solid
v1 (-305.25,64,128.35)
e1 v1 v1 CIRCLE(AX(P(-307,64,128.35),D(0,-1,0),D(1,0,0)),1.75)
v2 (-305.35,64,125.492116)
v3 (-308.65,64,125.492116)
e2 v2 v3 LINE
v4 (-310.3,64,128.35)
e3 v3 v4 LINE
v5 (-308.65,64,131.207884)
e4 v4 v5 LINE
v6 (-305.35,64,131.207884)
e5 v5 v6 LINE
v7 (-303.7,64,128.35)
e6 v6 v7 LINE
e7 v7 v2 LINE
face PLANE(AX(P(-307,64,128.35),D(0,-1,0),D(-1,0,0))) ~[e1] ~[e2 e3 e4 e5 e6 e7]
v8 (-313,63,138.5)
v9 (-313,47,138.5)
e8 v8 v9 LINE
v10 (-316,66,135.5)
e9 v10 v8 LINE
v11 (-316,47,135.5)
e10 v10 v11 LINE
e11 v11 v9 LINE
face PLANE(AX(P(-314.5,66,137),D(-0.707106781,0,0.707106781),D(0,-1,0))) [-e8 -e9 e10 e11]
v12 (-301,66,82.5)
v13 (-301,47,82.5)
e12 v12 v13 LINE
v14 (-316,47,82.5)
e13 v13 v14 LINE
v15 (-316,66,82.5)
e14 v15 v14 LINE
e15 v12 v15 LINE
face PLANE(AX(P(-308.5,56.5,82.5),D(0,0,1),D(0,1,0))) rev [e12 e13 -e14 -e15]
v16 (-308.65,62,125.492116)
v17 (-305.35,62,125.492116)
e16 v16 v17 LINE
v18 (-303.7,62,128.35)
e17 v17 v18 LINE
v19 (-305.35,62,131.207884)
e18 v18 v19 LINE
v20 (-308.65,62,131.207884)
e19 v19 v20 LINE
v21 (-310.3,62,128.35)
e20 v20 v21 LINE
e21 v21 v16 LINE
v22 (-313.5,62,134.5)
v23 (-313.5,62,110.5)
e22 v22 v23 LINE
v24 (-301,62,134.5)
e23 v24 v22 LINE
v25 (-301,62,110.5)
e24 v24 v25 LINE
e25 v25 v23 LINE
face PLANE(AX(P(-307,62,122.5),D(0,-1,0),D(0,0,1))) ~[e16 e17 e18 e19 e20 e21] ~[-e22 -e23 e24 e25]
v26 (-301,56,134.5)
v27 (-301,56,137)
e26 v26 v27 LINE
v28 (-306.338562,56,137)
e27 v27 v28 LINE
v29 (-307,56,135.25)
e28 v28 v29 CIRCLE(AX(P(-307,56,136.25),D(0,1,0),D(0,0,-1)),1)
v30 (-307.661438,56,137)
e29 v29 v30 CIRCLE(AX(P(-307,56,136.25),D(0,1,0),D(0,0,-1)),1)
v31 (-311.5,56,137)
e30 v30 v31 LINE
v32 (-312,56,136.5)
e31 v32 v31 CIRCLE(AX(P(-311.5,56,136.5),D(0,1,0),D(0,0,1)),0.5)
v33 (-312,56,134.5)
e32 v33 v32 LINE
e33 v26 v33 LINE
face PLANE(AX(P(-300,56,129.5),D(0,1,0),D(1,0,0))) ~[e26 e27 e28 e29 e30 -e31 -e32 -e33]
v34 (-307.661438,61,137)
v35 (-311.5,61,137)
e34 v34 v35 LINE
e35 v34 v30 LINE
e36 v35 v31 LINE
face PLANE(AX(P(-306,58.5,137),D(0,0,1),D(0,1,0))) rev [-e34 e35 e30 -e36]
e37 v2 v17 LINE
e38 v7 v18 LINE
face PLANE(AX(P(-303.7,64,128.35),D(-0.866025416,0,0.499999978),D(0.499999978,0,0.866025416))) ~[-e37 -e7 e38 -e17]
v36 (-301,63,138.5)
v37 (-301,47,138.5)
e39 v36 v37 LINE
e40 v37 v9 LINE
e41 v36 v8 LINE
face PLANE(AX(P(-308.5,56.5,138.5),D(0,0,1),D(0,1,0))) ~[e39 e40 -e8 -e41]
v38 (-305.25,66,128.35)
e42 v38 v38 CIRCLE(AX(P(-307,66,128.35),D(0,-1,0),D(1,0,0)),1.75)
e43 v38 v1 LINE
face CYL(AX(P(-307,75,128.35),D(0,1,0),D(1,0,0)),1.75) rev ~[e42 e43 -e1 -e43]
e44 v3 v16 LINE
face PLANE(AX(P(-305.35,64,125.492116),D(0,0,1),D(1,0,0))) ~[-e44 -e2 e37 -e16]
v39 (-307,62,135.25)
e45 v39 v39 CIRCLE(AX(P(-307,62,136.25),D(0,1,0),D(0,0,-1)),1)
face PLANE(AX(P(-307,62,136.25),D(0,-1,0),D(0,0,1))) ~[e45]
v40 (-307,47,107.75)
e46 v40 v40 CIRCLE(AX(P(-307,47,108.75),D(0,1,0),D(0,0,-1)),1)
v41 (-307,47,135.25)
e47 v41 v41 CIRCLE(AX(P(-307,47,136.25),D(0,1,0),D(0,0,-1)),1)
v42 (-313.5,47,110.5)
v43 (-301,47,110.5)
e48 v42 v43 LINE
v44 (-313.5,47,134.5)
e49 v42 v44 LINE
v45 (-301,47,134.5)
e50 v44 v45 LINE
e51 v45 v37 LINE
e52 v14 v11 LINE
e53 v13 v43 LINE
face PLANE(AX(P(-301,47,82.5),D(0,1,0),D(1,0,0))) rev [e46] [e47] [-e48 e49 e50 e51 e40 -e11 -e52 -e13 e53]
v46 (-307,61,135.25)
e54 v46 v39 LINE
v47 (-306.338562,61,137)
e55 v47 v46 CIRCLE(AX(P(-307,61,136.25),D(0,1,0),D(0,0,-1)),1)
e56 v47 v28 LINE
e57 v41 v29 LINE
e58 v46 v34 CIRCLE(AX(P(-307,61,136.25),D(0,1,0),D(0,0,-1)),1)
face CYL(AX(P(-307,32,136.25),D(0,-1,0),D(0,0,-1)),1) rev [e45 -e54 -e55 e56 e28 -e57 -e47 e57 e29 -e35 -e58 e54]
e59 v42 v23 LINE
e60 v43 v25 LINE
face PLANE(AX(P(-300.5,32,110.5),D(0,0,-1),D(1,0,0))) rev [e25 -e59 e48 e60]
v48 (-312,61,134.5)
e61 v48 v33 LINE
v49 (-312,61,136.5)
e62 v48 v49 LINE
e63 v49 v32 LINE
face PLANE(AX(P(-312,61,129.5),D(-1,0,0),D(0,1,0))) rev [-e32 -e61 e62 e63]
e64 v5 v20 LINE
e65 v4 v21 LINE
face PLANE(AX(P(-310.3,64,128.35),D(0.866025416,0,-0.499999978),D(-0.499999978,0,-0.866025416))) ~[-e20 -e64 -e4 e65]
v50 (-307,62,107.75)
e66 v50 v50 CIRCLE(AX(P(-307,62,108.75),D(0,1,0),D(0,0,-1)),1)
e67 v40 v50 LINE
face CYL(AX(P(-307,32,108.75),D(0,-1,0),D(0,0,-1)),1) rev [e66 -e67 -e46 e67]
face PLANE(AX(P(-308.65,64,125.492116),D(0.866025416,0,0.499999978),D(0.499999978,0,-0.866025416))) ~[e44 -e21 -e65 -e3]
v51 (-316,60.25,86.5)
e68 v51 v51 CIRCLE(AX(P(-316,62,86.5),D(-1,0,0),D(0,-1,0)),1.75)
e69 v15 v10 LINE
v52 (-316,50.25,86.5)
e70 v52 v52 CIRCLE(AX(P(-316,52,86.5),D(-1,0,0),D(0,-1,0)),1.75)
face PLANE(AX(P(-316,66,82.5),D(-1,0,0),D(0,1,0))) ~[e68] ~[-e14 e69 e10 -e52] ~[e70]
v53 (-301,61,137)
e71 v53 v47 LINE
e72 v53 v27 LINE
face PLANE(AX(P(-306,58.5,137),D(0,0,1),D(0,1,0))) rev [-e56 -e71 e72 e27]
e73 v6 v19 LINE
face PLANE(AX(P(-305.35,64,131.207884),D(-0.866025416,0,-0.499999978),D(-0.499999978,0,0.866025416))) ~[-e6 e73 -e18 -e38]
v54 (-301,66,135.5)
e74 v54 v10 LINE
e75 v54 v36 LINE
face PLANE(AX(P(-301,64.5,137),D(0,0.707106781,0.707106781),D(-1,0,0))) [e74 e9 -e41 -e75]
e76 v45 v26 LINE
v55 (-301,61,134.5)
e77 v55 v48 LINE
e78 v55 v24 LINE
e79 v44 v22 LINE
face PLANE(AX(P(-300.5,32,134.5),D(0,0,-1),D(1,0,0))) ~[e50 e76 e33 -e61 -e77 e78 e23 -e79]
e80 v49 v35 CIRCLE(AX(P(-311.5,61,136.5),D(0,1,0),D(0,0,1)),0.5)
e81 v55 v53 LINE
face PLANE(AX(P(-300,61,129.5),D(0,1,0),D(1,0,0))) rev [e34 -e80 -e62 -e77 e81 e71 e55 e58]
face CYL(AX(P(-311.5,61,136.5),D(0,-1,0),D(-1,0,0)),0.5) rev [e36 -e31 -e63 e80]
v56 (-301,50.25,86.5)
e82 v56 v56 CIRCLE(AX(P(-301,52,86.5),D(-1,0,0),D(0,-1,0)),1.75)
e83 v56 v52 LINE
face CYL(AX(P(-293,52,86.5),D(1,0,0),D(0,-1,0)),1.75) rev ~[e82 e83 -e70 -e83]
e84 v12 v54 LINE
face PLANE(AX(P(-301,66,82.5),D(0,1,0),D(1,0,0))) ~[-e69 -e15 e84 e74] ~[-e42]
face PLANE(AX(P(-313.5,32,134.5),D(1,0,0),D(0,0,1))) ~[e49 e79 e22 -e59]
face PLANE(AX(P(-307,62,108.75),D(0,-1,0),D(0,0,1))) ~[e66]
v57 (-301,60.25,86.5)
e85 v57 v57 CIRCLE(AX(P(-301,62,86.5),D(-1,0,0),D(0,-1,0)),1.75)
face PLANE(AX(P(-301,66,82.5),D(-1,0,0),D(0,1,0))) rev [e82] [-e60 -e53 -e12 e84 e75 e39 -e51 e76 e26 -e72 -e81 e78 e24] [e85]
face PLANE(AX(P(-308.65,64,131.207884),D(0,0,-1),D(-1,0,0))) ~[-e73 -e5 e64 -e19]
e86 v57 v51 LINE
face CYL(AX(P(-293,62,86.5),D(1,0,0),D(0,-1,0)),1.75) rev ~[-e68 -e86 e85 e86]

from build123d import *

# Parameters (mm, degrees)
BOX039_W                 = 5
BOX039_H                 = 12
BOX039_DEPTH             = 7.5
CYLINDER041_R            = 1.75
CYLINDER041_DEPTH        = 32
PRISM_DEPTH              = 10
SKETCH009_R              = 1
SKETCH009_W              = 24
SKETCH009_H              = 13
PAD004_DEPTH             = 30
CYLINDER039_R            = 1.75
CYLINDER039_DEPTH        = 32
CYLINDER039_ROLL_ANGLE   = -90
CYLINDER040_R            = 1.75
CYLINDER040_DEPTH        = 32
CYLINDER040_ROLL_ANGLE   = -90
BOX026_W                 = 19
BOX026_H                 = 15
BOX026_DEPTH             = 56
CHAMFER005_SIZE          = 3
FILLET054_R              = 0.5
CLONE013_PLACEMENT_ANGLE = -90


with BuildPart() as cubo015:
    # Box039 → Box039 (new body)
    with BuildSketch(Plane(origin=(9, 97, 127), x_dir=(1, 0, 0), z_dir=(0, 0, 1))):
        with Locations((2.5, 6)):
            Rectangle(BOX039_W, BOX039_H)
    extrude(amount=BOX039_DEPTH)


with BuildPart() as cilindro016:
    # Cylinder041 → Cylinder041 (new body)
    with BuildSketch(Plane(origin=(-5, 104, 125.85), x_dir=(0, -1, 0), z_dir=(1, 0, 0))):
        Circle(CYLINDER041_R)
    extrude(amount=CYLINDER041_DEPTH)


with BuildPart() as fusion030:
    # Prism → Prism (new body)
    with BuildSketch(Plane(origin=(6, 104, 125.85), x_dir=(0, -1, 0), z_dir=(1, 0, 0))):
        Polygon((3.3, 0), (1.65, 2.857884), (-1.65, 2.857884), (-3.3, 0), (-1.65, -2.857884), (1.65, -2.857884), align=None)
    extrude(amount=PRISM_DEPTH)

    # Fusion030: union Cilindro016
    add(cilindro016.part)


with BuildPart() as pad004:
    # Sketch009 → Pad004 (new body)
    with BuildSketch(Plane(origin=(38, -16, 143.25), x_dir=(0, 0, -1), z_dir=(1, 0, 0))):
        with Locations((37, 120)):
            Circle(SKETCH009_R)
        with Locations((9.5, 120)):
            Circle(SKETCH009_R)
        with Locations((23.25, 120)):
            Rectangle(SKETCH009_W, SKETCH009_H)
    extrude(amount=-PAD004_DEPTH)


with BuildPart() as cilindro014:
    # Cylinder039 → Cylinder039 (new body)
    with BuildSketch(Plane.XY):
        Circle(CYLINDER039_R)
    extrude(amount=CYLINDER039_DEPTH)


with BuildPart() as cilindro014_1:
    # Cylinder039 roll: moved
    add(cilindro014.part.rotate(Axis((0, 0, 0), (1, 0, 0)), CYLINDER039_ROLL_ANGLE))


with BuildPart() as cilindro014_2:
    # Cylinder039 placement: moved
    add(cilindro014_1.part.moved(Location((8, 90, 84))))


with BuildPart() as fusion029:
    # Cylinder040 → Cylinder040 (new body)
    with BuildSketch(Plane.XY):
        Circle(CYLINDER040_R)
    extrude(amount=CYLINDER040_DEPTH)


with BuildPart() as fusion029_1:
    # Cylinder040 roll: moved
    add(fusion029.part.rotate(Axis((0, 0, 0), (1, 0, 0)), CYLINDER040_ROLL_ANGLE))


with BuildPart() as fusion029_2:
    # Cylinder040 placement: moved
    add(fusion029_1.part.moved(Location((18, 90, 84))))

    # Fusion029: union Cilindro014
    add(cilindro014_2.part)


with BuildPart() as clone_of_arm:
    # Box026 → Box026 (new body)
    with BuildSketch(Plane(origin=(4, 98, 80), x_dir=(1, 0, 0), z_dir=(0, 0, 1))):
        with Locations((9.5, 7.5)):
            Rectangle(BOX026_W, BOX026_H)
    extrude(amount=BOX026_DEPTH)

    # Cut042: cut Fusion029
    add(fusion029_2.part, mode=Mode.SUBTRACT)

    # Cut043: cut Pad004
    add(pad004.part, mode=Mode.SUBTRACT)

    # Chamfer005
    chamfer005_edges = [clone_of_arm.edges().sort_by_distance(p)[0] for p in [
        (4, 105.5, 136),
        (13.5, 113, 136),
    ]]
    chamfer(chamfer005_edges, length=CHAMFER005_SIZE)

    # Cut044: cut Fusion030
    add(fusion030.part, mode=Mode.SUBTRACT)

    # Cut055: cut Cubo015
    add(cubo015.part, mode=Mode.SUBTRACT)

    # Fillet054
    fillet054_edges = [clone_of_arm.edges().sort_by_distance(p)[0] for p in [
        (11.5, 109, 134.5),
    ]]
    fillet(fillet054_edges, radius=FILLET054_R)


with BuildPart() as clone_of_arm_1:
    # Clone013 placement: moved
    add(clone_of_arm.part.moved(Location((-275, 70, 2.5))).rotate(Axis((-275, 70, 2.5), (0, 0, 1)), CLONE013_PLACEMENT_ANGLE))


with BuildPart() as clone_of_arm001:
    # Part__Mirroring008: instance of Clone of arm
    add(clone_of_arm_1.part.mirror(Plane(origin=(0, 0, 0), x_dir=(0, -1, 0), z_dir=(1, 0, 0))))


with BuildPart() as clone_of_arm001_1:
    # Part__Mirroring008 placement: moved
    add(clone_of_arm001.part.moved(Location((-478, 0, 0))))


solid = clone_of_arm001_1.part
